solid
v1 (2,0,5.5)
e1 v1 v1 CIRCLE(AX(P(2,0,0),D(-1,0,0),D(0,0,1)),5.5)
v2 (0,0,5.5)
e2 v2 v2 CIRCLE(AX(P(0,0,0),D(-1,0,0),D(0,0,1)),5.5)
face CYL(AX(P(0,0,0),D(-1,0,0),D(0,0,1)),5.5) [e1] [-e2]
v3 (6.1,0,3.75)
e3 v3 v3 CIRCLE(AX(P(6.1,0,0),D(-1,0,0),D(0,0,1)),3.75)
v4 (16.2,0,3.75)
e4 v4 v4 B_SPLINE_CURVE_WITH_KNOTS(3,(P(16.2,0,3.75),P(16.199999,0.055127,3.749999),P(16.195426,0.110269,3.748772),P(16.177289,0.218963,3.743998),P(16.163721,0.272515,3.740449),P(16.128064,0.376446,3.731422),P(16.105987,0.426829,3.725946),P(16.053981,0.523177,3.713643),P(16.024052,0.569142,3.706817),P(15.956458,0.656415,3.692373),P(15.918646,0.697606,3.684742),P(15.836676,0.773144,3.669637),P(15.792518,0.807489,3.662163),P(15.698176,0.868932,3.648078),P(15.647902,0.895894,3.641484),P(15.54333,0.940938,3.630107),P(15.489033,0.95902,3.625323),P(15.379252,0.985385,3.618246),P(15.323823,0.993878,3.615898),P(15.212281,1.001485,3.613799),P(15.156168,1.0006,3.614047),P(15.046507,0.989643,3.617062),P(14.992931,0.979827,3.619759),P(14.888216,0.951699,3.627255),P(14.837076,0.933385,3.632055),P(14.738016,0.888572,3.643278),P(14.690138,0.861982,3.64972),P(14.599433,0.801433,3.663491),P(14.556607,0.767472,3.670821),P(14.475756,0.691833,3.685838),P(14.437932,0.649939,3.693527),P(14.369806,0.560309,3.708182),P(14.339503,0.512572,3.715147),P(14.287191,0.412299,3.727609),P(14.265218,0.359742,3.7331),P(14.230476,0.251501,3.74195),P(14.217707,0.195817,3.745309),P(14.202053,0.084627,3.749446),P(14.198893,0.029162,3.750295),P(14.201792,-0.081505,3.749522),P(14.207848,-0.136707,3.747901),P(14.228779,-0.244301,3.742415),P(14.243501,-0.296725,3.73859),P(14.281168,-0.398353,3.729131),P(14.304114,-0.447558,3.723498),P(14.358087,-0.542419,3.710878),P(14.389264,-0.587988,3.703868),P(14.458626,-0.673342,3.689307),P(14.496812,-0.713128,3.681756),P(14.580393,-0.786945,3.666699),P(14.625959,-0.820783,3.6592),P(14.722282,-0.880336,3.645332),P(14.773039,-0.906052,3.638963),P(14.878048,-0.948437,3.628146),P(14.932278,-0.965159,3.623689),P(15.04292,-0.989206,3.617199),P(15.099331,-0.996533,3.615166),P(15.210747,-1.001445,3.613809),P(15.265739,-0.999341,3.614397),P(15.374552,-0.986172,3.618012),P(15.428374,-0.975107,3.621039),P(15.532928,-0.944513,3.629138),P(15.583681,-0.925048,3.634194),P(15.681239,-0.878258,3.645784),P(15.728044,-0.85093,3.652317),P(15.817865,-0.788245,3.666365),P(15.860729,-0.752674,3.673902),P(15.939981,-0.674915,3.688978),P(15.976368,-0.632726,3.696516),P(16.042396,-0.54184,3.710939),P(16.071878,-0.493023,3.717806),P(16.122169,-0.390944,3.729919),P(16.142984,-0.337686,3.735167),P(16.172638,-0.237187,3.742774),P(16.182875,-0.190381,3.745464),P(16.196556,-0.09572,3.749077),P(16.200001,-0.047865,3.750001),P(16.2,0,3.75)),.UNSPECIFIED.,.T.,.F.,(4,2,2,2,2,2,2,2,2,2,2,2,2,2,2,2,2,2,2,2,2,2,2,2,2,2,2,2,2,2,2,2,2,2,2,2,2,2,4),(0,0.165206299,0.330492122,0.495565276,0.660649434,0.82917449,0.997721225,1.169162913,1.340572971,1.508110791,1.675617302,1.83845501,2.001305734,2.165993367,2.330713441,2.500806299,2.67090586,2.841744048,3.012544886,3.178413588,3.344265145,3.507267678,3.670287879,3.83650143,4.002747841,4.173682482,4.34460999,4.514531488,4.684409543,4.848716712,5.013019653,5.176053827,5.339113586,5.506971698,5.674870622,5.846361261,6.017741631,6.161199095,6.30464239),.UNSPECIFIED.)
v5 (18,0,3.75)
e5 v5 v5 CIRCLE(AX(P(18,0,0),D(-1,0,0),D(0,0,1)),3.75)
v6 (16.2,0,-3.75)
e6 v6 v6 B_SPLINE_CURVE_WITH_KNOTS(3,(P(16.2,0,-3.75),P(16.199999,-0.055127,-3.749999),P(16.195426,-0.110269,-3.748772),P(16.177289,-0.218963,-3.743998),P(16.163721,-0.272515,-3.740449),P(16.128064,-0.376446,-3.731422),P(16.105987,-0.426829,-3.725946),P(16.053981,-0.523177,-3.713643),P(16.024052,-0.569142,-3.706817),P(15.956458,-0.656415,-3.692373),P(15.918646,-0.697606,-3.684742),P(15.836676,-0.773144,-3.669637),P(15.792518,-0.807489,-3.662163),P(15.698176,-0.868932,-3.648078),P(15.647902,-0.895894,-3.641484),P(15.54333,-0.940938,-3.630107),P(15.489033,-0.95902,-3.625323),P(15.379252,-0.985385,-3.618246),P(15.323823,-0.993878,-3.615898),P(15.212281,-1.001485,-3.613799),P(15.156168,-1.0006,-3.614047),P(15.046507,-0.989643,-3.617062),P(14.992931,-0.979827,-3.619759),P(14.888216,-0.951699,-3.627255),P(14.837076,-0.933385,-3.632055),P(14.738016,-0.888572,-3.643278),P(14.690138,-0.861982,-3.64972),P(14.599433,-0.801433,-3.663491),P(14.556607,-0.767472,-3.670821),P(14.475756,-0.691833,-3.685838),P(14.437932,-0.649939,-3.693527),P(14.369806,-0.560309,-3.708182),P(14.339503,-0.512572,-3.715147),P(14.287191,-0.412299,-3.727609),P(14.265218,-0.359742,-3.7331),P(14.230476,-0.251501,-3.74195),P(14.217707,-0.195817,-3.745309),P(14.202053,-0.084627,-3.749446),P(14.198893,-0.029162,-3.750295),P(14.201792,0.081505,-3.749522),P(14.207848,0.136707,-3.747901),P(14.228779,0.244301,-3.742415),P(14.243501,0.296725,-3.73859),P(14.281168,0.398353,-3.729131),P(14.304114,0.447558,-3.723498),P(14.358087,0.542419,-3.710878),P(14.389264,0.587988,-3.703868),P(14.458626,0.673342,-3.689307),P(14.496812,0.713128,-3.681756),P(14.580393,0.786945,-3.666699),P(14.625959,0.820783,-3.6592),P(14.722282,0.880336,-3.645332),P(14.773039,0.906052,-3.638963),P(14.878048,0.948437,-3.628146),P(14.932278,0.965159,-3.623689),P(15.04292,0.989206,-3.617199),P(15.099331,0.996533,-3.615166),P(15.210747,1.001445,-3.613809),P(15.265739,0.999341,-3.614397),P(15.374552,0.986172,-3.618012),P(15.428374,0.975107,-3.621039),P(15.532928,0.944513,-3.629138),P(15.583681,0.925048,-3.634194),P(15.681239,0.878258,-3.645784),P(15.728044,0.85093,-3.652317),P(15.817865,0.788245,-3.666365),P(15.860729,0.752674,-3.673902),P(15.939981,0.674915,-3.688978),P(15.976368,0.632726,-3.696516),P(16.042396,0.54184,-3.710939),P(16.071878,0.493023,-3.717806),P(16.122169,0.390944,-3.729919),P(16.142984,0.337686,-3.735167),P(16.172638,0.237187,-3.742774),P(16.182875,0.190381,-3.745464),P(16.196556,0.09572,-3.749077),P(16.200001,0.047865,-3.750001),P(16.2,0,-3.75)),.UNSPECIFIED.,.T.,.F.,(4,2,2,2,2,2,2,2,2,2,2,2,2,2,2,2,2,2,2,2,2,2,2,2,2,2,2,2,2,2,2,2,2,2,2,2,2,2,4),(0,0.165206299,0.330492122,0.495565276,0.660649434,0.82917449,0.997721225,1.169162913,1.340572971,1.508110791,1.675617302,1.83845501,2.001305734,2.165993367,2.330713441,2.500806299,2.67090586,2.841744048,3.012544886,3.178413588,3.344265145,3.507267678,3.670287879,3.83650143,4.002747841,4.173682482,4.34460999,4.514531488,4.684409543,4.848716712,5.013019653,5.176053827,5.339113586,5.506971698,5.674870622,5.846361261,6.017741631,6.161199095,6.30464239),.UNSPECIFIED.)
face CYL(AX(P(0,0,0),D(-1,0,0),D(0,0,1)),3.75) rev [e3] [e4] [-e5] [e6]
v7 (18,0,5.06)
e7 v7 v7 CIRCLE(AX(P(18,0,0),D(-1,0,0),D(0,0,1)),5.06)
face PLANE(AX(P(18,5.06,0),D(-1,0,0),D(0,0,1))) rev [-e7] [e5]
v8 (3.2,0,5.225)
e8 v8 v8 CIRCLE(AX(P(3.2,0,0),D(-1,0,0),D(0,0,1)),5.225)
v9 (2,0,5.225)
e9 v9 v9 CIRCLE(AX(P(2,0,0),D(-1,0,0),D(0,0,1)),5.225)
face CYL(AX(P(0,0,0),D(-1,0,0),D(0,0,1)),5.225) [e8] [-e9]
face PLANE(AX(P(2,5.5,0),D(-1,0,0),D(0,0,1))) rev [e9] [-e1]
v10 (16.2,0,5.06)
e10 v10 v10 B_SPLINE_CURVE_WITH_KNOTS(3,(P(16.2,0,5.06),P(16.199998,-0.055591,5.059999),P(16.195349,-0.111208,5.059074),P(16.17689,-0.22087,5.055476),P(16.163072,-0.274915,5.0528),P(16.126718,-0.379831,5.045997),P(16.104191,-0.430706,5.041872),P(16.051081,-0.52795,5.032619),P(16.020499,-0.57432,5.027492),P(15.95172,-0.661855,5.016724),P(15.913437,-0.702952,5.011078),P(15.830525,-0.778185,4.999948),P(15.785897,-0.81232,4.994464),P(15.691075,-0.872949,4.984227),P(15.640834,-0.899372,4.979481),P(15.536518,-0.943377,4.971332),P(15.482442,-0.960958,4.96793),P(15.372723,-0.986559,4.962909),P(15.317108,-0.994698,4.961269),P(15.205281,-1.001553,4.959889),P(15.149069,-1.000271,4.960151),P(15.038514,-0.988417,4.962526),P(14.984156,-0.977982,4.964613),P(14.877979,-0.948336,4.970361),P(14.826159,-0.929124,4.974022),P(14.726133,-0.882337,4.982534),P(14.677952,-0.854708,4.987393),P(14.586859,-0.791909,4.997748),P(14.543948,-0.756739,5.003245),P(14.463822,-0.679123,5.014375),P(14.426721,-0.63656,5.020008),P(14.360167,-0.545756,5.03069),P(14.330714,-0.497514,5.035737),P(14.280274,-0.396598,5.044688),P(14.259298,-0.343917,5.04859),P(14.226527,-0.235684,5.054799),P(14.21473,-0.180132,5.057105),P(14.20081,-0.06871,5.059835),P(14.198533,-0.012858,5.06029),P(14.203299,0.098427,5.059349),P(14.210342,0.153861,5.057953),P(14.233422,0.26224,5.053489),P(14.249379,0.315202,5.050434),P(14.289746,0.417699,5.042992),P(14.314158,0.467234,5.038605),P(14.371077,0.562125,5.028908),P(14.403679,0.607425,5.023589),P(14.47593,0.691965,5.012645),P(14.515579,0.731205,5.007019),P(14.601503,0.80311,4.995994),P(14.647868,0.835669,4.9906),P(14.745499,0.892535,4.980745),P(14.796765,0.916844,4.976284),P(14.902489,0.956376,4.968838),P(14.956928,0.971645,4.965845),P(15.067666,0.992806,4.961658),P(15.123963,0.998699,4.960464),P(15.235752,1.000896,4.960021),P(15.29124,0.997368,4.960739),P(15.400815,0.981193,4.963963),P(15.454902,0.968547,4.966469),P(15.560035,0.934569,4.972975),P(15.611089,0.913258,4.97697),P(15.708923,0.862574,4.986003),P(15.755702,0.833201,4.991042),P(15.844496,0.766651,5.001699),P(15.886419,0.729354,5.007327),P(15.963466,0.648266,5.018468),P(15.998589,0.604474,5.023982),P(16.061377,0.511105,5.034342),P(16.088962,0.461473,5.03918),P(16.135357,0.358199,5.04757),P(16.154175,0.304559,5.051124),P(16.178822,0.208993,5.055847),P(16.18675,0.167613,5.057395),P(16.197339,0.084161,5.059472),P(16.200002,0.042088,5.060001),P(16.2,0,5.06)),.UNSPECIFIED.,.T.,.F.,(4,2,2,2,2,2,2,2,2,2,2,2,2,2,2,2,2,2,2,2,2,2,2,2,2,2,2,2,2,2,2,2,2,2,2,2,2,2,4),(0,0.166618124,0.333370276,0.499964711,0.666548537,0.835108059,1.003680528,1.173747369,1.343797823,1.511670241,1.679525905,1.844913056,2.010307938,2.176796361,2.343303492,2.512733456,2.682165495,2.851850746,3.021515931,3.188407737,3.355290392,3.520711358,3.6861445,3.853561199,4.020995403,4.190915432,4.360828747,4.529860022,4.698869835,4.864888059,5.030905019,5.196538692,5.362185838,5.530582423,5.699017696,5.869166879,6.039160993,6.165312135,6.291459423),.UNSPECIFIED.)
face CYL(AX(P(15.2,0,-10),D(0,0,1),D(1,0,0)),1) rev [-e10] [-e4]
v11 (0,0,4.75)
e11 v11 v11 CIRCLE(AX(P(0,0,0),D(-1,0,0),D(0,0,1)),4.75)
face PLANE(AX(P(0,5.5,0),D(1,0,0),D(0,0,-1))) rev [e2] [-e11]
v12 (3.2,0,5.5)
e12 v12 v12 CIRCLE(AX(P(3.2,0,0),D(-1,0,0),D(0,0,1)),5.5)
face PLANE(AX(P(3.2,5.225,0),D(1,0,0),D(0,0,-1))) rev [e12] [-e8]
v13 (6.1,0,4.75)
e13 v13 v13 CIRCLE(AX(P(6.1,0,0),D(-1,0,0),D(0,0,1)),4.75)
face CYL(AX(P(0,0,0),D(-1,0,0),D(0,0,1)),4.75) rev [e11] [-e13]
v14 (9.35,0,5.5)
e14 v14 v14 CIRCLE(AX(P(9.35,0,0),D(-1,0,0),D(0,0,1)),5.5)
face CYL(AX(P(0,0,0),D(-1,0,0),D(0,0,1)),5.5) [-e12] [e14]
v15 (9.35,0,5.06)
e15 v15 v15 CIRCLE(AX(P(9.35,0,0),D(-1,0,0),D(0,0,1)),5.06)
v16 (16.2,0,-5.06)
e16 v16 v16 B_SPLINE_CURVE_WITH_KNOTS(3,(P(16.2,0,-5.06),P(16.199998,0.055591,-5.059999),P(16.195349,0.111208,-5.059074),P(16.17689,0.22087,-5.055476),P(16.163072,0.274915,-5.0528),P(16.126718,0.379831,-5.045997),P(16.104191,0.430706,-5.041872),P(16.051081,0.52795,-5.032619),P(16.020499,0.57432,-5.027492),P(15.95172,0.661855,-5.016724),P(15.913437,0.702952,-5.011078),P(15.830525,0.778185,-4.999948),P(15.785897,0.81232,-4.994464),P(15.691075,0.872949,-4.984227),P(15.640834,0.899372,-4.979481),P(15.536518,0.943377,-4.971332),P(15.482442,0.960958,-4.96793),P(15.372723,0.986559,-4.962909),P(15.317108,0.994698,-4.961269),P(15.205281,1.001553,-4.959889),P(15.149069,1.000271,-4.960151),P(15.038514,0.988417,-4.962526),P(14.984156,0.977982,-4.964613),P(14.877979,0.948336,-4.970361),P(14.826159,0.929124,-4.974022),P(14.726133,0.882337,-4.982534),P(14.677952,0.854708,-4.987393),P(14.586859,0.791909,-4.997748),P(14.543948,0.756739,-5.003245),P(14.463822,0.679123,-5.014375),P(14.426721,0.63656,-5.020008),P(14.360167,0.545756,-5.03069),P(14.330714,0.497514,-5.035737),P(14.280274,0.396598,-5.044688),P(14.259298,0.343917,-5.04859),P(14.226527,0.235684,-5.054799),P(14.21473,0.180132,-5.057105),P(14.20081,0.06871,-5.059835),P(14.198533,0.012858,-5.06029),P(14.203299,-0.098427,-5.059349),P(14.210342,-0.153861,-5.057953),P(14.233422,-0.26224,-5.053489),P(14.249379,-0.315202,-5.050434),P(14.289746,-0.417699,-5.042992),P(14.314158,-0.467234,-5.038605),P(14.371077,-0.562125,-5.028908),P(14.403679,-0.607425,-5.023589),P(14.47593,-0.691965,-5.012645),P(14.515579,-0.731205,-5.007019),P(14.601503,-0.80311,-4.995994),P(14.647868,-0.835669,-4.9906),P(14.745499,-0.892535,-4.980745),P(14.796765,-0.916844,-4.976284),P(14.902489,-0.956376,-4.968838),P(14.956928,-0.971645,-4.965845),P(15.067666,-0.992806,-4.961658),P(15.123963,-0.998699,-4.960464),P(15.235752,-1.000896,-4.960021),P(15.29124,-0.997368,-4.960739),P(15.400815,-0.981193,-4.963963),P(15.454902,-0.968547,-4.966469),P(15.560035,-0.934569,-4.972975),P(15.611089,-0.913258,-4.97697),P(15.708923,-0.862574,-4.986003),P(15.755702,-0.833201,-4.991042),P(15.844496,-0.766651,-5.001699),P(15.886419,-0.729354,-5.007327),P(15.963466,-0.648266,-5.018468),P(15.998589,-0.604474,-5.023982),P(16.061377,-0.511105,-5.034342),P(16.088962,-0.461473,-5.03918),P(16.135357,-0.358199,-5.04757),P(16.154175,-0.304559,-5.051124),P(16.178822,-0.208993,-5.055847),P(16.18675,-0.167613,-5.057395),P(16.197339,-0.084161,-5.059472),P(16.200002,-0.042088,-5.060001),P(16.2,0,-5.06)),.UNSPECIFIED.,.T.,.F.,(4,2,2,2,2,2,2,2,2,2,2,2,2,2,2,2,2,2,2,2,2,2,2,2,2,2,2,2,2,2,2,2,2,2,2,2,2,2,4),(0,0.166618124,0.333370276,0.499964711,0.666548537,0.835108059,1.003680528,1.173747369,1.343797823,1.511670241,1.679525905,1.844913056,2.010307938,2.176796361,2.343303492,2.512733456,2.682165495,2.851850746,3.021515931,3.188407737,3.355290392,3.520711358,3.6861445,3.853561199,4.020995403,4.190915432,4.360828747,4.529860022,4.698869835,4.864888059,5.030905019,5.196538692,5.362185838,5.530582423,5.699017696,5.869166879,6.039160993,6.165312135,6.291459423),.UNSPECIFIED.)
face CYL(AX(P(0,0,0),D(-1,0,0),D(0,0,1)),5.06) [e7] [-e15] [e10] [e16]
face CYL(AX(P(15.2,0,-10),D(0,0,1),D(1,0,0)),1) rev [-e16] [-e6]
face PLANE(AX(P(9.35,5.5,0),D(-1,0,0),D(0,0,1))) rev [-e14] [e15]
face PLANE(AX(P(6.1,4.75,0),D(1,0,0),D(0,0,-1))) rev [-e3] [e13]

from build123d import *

# Parameters (mm, degrees)
ESBO_O2_R             = 1
CORTE_EXTRUS_O1_DEPTH = 10


with BuildPart() as part:
    # Esboço1 → Revolução1 (revolve)
    with BuildSketch(Plane.XY, mode=Mode.PRIVATE) as revolu_o1_sk:
        Polygon((0, 5.5), (2, 5.5), (2, 5.225), (3.2, 5.225), (3.2, 5.5), (9.35, 5.5), (9.35, 5.06), (18, 5.06), (18, 3.75), (6.1, 3.75), (6.1, 4.75), (0, 4.75), align=None)
    revolve(revolu_o1_sk.sketch.rotate(Axis((0, 0, 0), (1, 0, 0)), 90), axis=Axis((0, 0, 0), (1, 0, 0)))

    # Esboço2 → Corte-extrusão1 (cut, symmetric)
    with BuildSketch(Plane.XY):
        with Locations((15.2, 0)):
            Circle(ESBO_O2_R)
    extrude(amount=CORTE_EXTRUS_O1_DEPTH, both=True, mode=Mode.SUBTRACT)


solid = part.part
